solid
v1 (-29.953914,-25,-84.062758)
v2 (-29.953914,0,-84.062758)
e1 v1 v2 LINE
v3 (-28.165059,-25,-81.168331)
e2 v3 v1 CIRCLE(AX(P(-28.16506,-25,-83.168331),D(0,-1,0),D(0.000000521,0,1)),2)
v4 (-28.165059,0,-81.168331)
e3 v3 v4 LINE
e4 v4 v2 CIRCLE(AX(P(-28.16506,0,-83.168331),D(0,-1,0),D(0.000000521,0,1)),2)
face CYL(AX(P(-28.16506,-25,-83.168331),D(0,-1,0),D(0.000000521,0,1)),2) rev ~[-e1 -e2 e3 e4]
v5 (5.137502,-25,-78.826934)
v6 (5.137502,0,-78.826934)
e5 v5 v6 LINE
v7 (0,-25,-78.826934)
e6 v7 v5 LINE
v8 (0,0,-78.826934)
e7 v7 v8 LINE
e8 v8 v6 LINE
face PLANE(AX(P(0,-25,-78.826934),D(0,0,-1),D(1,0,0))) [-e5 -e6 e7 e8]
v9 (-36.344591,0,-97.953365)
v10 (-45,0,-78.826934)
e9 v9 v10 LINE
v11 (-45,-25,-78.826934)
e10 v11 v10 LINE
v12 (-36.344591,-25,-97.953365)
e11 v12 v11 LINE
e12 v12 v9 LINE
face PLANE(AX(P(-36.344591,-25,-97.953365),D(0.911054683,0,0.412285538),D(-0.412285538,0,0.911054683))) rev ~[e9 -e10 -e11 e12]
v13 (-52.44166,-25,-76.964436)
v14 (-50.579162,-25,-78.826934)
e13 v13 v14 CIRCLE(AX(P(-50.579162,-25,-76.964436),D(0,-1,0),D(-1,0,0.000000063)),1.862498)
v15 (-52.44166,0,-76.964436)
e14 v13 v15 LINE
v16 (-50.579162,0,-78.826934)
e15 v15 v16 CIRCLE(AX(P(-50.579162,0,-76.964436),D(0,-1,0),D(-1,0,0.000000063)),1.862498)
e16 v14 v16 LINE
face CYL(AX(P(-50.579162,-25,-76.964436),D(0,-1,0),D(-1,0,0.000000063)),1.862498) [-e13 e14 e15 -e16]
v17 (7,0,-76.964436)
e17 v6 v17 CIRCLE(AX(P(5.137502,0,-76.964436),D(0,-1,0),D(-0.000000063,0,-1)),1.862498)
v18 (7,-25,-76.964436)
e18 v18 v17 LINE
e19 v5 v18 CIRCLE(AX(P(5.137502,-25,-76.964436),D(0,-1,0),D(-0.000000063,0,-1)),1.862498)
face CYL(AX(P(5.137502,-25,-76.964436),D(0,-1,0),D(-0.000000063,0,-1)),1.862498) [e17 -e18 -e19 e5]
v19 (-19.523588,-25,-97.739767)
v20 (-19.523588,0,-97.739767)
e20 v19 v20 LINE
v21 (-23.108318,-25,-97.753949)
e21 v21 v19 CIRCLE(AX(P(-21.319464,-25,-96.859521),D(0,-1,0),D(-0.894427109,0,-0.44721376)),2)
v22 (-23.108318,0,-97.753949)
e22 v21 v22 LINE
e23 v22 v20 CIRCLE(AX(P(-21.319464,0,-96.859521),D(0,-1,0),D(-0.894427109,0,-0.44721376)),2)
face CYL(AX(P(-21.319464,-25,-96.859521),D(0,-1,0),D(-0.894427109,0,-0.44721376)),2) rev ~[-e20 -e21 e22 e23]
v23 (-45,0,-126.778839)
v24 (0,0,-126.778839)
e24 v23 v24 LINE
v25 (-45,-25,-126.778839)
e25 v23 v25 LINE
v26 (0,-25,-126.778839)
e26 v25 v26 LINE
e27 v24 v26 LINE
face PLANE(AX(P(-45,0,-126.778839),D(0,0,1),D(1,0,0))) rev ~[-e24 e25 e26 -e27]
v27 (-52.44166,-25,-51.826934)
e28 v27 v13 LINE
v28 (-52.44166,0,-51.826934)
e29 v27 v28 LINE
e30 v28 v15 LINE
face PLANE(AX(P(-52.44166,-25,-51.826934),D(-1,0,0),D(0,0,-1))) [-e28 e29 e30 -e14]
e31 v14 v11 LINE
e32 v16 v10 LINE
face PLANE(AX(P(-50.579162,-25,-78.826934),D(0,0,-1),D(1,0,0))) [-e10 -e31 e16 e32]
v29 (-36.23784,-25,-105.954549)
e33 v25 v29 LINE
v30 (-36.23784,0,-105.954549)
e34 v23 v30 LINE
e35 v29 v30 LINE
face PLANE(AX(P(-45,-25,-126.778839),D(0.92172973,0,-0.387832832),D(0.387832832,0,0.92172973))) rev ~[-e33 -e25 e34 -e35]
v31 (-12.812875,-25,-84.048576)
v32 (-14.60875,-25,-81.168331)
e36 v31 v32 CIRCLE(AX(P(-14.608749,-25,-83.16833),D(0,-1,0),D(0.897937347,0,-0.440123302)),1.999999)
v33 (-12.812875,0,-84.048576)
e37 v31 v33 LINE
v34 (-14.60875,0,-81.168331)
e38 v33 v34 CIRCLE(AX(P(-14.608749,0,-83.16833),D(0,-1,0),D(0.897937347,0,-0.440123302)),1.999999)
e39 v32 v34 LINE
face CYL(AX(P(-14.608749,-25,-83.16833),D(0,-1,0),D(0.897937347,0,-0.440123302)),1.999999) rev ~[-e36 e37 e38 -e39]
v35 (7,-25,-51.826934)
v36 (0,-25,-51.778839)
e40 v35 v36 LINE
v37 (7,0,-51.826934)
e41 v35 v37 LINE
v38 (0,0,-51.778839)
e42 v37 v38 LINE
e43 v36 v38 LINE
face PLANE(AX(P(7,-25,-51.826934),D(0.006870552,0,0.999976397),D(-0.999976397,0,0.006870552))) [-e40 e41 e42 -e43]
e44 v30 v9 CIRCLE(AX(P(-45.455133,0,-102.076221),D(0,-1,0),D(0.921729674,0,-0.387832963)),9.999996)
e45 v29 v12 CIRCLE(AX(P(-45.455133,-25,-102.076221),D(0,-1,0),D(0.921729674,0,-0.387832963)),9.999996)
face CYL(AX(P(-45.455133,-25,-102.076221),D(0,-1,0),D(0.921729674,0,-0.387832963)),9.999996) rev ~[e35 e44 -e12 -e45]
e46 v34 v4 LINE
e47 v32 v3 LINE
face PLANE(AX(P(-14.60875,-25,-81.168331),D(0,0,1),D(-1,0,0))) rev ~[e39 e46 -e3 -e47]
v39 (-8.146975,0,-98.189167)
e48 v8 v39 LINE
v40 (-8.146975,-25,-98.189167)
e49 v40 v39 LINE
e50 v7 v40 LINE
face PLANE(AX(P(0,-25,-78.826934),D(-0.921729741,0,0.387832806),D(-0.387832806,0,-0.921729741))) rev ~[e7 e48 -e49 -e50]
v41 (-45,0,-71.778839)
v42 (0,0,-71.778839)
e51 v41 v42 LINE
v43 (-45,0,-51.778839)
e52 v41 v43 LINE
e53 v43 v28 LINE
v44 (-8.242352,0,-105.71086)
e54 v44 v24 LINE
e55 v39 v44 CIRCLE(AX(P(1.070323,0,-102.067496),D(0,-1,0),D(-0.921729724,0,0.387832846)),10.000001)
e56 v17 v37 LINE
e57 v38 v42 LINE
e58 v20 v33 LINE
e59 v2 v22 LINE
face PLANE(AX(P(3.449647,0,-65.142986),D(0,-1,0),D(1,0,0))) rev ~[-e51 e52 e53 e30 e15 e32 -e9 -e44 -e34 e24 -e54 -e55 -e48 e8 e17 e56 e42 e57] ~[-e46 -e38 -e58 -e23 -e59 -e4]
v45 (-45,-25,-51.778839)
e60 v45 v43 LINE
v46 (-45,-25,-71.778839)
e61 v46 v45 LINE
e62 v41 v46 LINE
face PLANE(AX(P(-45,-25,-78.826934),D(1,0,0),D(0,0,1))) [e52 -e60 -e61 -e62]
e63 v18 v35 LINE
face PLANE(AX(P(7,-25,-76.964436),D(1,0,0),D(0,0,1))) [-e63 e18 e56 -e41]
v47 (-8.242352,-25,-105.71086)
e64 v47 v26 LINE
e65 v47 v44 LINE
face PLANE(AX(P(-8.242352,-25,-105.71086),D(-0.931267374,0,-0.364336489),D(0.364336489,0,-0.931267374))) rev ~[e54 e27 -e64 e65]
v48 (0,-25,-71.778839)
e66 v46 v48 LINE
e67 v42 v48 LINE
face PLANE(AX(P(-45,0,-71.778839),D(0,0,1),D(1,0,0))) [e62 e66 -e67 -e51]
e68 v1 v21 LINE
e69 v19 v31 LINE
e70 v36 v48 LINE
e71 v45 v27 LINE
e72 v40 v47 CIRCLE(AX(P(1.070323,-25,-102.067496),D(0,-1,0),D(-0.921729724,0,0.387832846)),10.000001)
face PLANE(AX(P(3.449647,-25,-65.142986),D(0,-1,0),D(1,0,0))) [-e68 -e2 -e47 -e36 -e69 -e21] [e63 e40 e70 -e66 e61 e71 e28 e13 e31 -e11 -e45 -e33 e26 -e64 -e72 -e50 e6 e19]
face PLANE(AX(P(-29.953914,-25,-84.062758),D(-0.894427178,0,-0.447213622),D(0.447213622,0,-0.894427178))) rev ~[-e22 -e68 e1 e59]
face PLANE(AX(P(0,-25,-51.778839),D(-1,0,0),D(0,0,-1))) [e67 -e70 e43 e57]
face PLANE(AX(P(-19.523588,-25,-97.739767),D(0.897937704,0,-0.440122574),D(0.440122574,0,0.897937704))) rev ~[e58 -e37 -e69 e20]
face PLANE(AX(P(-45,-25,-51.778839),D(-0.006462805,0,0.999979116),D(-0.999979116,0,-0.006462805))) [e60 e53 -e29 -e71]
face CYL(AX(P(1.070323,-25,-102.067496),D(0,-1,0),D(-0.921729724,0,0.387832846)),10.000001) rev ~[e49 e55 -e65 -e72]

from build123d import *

# Parameters (mm, degrees)
F0_W     = 45
F0_H     = 55
F1_DEPTH = 25
F3_DEPTH = 25
F5_DEPTH = 25
F7_DEPTH = 42.3


with BuildPart() as f1:
    # F0 (on Front) → F1 (new body)
    with BuildSketch(Plane.XZ):
        with Locations((-22.5, -99.278839)):
            Rectangle(F0_W, F0_H)
    extrude(amount=F1_DEPTH)

    # F2 (on face) → F3 (join)
    with BuildSketch(Plane.XZ.offset(25)):
        with BuildLine():
            Line((0, -51.778839), (0, -71.778839))
            Line((0, -71.778839), (0, -78.826934))
            Line((0, -78.826934), (5.137502, -78.826934))
            ThreePointArc((5.137502, -78.826934), (6.454487, -78.281421), (7, -76.964436))
            Line((7, -76.964436), (7, -51.826934))
            Line((7, -51.826934), (0, -51.778839))
        make_face()
        with BuildLine():
            Line((-45, -78.826934), (-45, -71.778839))
            Line((-45, -71.778839), (-45, -51.778839))
            Line((-45, -51.778839), (-52.44166, -51.826934))
            Line((-52.44166, -51.826934), (-52.44166, -76.964436))
            ThreePointArc((-52.44166, -76.964436), (-51.896147, -78.281421), (-50.579162, -78.826934))
            Line((-50.579162, -78.826934), (-45, -78.826934))
        make_face()
    extrude(amount=-F3_DEPTH)

    # F4 (on face) → F5 (cut)
    with BuildSketch(Plane.XZ.offset(25)):
        with BuildLine():
            Line((-8.242352, -105.71086), (0, -126.778839))
            Line((0, -126.778839), (0, -78.826934))
            Line((0, -78.826934), (-8.146975, -98.189167))
            ThreePointArc((-8.146975, -98.189167), (-8.928874, -101.940703), (-8.242352, -105.71086))
        make_face()
        with BuildLine():
            Line((-36.344591, -97.953365), (-45, -78.826934))
            Line((-45, -78.826934), (-45, -126.778839))
            Line((-45, -126.778839), (-36.23784, -105.954549))
            ThreePointArc((-36.23784, -105.954549), (-35.456027, -101.942814), (-36.344591, -97.953365))
        make_face()
    extrude(amount=-F5_DEPTH, mode=Mode.SUBTRACT)

    # F6 (on face) → F7 (cut)
    with BuildSketch(Plane.XZ.offset(25)):
        with BuildLine():
            ThreePointArc((-12.812875, -84.048576), (-12.911621, -82.110146), (-14.60875, -81.168331))
            Line((-14.60875, -81.168331), (-21.401127, -81.168331))
            Line((-21.401127, -81.168331), (-28.165059, -81.168331))
            ThreePointArc((-28.165059, -81.168331), (-29.866361, -82.116868), (-29.953914, -84.062758))
            Line((-29.953914, -84.062758), (-23.108318, -97.753949))
            ThreePointArc((-23.108318, -97.753949), (-21.311551, -98.859506), (-19.523588, -97.739767))
            Line((-19.523588, -97.739767), (-12.812875, -84.048576))
        make_face()
    extrude(amount=-F7_DEPTH, mode=Mode.SUBTRACT)


solid = f1.part
